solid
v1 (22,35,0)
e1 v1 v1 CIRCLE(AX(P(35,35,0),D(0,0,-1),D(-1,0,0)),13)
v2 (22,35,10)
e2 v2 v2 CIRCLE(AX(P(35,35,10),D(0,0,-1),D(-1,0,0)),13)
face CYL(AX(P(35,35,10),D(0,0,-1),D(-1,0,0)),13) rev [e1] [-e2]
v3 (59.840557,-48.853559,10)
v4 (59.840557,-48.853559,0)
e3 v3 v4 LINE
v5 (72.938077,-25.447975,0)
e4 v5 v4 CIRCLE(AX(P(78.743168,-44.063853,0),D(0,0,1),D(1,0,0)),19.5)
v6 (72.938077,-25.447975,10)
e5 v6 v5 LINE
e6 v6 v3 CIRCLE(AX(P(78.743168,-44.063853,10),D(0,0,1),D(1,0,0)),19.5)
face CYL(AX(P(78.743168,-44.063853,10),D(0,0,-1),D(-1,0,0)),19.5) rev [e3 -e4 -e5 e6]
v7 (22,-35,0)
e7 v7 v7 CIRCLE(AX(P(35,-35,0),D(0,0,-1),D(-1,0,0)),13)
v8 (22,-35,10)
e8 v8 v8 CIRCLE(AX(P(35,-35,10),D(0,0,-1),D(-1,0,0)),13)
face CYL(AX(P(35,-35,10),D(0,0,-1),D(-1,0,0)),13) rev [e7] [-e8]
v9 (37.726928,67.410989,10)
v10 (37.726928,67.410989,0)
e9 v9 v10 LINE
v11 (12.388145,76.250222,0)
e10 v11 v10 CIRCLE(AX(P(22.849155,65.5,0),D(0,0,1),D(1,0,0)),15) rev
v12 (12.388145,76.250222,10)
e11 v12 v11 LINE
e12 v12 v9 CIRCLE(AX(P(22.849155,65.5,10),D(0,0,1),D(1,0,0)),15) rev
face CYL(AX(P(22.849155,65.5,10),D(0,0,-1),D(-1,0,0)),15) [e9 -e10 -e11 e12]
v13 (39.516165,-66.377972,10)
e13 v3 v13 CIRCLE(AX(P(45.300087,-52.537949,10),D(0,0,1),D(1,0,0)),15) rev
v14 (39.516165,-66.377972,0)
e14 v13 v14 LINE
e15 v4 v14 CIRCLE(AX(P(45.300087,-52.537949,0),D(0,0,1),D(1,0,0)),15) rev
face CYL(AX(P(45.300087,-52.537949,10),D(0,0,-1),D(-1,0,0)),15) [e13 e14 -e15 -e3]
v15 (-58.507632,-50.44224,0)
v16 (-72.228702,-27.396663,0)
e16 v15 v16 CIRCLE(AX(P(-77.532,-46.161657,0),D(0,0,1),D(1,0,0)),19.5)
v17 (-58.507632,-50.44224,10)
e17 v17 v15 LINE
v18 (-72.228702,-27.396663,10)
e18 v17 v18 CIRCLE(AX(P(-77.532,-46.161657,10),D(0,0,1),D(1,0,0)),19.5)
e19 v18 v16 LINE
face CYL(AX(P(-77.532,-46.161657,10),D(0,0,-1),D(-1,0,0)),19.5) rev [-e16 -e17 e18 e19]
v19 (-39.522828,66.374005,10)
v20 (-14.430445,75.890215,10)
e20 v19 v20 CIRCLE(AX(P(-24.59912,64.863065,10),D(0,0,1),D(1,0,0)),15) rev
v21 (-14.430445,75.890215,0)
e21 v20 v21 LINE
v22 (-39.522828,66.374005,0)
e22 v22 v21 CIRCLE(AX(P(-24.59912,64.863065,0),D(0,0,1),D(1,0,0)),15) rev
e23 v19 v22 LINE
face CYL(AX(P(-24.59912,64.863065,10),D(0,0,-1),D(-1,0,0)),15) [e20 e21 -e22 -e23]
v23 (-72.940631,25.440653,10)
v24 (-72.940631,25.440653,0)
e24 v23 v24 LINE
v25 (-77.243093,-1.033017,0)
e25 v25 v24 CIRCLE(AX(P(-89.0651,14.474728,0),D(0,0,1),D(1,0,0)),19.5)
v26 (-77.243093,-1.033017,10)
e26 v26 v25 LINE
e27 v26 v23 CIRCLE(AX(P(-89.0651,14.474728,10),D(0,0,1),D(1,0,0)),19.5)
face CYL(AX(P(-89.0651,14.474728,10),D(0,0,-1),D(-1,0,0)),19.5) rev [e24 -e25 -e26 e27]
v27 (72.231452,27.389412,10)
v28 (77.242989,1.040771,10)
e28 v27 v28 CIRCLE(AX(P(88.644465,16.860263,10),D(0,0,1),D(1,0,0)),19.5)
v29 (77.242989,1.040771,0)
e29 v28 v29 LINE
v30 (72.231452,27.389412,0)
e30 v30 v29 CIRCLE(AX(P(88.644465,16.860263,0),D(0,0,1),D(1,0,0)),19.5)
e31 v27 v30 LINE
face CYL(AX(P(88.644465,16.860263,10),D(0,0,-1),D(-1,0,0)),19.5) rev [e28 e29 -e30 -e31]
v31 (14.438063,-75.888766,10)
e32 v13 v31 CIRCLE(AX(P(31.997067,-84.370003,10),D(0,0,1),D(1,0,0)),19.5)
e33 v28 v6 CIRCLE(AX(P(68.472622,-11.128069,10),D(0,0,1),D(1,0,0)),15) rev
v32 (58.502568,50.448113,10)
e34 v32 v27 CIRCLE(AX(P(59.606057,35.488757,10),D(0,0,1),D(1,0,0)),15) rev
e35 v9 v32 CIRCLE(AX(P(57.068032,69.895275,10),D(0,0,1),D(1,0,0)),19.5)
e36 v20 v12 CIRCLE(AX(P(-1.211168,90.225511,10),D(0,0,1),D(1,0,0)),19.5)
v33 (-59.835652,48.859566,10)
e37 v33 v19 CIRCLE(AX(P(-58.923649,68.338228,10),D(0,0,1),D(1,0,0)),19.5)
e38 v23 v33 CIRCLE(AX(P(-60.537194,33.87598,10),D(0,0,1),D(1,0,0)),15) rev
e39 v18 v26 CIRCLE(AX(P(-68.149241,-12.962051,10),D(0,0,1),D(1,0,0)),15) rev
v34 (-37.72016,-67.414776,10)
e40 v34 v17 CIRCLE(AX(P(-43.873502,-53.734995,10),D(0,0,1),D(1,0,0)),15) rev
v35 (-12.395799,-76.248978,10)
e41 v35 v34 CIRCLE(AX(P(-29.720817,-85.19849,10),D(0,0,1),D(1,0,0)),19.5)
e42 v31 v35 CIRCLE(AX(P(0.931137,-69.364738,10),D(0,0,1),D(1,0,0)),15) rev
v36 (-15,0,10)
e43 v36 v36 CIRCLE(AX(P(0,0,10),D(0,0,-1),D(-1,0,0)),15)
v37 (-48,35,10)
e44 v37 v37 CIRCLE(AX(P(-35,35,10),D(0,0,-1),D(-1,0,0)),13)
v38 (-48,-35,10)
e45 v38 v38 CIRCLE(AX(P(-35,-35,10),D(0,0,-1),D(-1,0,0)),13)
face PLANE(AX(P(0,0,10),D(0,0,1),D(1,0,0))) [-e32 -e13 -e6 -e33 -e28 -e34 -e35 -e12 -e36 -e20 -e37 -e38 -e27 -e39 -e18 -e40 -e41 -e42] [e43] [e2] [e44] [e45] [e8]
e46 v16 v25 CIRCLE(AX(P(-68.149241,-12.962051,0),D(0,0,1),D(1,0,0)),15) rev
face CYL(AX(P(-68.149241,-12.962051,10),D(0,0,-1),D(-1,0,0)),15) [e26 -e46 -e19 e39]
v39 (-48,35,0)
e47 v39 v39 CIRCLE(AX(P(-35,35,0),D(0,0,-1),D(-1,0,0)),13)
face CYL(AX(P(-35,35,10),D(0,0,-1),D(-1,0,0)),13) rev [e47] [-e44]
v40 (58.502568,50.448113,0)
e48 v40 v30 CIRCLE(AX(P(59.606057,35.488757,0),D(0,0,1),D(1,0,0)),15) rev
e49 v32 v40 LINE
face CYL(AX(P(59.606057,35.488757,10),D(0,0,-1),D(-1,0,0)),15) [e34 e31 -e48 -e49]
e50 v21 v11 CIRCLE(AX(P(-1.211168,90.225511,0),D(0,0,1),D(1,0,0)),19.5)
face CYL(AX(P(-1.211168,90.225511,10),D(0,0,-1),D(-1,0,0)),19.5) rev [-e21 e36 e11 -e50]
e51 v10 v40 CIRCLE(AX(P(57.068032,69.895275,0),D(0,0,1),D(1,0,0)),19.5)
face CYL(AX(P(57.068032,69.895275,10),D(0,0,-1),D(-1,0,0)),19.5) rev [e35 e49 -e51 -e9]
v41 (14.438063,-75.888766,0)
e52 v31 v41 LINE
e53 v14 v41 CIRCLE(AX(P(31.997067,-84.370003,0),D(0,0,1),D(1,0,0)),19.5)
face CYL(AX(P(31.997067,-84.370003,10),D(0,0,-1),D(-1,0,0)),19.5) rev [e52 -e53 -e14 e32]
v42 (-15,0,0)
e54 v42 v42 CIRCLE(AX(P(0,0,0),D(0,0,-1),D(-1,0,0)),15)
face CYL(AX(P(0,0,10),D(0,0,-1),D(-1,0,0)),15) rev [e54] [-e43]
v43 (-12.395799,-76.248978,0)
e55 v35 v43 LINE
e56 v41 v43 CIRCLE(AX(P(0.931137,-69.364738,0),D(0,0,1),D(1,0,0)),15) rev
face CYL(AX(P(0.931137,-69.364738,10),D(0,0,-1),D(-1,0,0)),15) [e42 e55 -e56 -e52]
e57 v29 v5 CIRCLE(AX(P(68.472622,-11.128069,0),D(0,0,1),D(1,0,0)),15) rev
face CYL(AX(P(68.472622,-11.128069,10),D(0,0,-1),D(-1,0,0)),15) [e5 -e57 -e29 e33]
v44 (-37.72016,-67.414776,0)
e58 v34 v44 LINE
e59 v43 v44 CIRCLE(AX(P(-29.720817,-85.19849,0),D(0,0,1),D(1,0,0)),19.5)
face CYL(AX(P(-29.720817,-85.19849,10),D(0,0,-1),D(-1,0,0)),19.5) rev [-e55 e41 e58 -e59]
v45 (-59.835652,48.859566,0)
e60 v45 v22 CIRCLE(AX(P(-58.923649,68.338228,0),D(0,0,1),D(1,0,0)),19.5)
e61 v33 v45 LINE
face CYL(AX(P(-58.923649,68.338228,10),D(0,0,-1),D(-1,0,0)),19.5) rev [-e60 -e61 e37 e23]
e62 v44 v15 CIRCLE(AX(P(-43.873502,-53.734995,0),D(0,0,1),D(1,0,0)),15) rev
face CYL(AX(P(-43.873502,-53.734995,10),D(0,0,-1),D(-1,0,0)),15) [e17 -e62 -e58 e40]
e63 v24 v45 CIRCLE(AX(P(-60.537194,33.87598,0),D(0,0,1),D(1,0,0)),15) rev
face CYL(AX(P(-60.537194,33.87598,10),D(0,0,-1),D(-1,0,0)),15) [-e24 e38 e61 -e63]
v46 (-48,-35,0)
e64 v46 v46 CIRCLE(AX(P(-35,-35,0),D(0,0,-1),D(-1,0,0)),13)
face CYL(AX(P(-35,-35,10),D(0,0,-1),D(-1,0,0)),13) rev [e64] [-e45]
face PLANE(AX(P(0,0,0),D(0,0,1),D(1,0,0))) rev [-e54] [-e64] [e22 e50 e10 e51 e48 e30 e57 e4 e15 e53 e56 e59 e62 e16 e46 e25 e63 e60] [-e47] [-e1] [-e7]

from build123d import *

# Parameters (mm, degrees)
BOSS_EXTRUDE1_DEPTH = 10
SKETCH3_R           = 13
SKETCH3_R_2         = 15
CUT_EXTRUDE1_DEPTH  = 120.101165428


with BuildPart() as part:
    # Sketch1 → Boss-Extrude1 (new body)
    with BuildSketch(Plane.XY):
        with BuildLine():
            ThreePointArc((-14.43044528, 75.890215107), (-0.949427503, 70.727267405), (12.388145038, 76.250222049))
            ThreePointArc((12.388145038, 76.250222049), (27.789798404, 79.662981363), (37.726927549, 67.410988998))
            ThreePointArc((37.726927549, 67.410988998), (44.735307492, 54.790510408), (58.502567636, 50.44811275))
            ThreePointArc((58.502567636, 50.44811275), (72.494598013, 43.162446106), (72.23145169, 27.389411947))
            ThreePointArc((72.23145169, 27.389411947), (69.487894935, 13.216664662), (77.242988653, 1.040770827))
            ThreePointArc((77.242988653, 1.040770827), (83.278369525, -13.534277382), (72.938076822, -25.447975353))
            ThreePointArc((72.938076822, -25.447975353), (61.726324065, -34.541405366), (59.84055682, -48.853559333))
            ThreePointArc((59.84055682, -48.853559333), (55.0952664, -63.898162065), (39.516165192, -66.377972163))
            ThreePointArc((39.516165192, -66.377972163), (25.082320154, -66.137167939), (14.438063397, -75.888766134))
            ThreePointArc((14.438063397, -75.888766134), (1.13247581, -84.36338657), (-12.395799304, -76.248978089))
            ThreePointArc((-12.395799304, -76.248978089), (-23.297980116, -66.7866146), (-37.720160351, -67.414775851))
            ThreePointArc((-37.720160351, -67.414775851), (-53.360212797, -65.354044903), (-58.507631542, -50.442239754))
            ThreePointArc((-58.507631542, -50.442239754), (-60.776896562, -36.185862039), (-72.228701857, -27.396662716))
            ThreePointArc((-72.228701857, -27.396662716), (-82.885064803, -15.764819298), (-77.243092741, -1.033016835))
            ThreePointArc((-77.243092741, -1.033016835), (-69.817627646, 11.34665753), (-72.940631032, 25.440653384))
            ThreePointArc((-72.940631032, 25.440653384), (-73.627073824, 41.200940464), (-59.835652386, 48.859566142))
            ThreePointArc((-59.835652386, 48.859566142), (-46.189914818, 53.569949938), (-39.522828302, 66.374005024))
            ThreePointArc((-39.522828302, 66.374005024), (-29.918156728, 78.888322285), (-14.43044528, 75.890215107))
        make_face()
    extrude(amount=BOSS_EXTRUDE1_DEPTH)

    # Sketch3 → Cut-Extrude1 (cut, through all)
    with BuildSketch(Plane(origin=(0, 0, 0), x_dir=(-1, 0, 0), z_dir=(0, 0, -1))):
        with Locations((-35, 35)):
            Circle(SKETCH3_R)
        with Locations((35, 35)):
            Circle(SKETCH3_R)
        with Locations((35, -35)):
            Circle(SKETCH3_R)
        with Locations((-35, -35)):
            Circle(SKETCH3_R)
        Circle(SKETCH3_R_2)
    extrude(amount=-CUT_EXTRUDE1_DEPTH, mode=Mode.SUBTRACT)


solid = part.part
